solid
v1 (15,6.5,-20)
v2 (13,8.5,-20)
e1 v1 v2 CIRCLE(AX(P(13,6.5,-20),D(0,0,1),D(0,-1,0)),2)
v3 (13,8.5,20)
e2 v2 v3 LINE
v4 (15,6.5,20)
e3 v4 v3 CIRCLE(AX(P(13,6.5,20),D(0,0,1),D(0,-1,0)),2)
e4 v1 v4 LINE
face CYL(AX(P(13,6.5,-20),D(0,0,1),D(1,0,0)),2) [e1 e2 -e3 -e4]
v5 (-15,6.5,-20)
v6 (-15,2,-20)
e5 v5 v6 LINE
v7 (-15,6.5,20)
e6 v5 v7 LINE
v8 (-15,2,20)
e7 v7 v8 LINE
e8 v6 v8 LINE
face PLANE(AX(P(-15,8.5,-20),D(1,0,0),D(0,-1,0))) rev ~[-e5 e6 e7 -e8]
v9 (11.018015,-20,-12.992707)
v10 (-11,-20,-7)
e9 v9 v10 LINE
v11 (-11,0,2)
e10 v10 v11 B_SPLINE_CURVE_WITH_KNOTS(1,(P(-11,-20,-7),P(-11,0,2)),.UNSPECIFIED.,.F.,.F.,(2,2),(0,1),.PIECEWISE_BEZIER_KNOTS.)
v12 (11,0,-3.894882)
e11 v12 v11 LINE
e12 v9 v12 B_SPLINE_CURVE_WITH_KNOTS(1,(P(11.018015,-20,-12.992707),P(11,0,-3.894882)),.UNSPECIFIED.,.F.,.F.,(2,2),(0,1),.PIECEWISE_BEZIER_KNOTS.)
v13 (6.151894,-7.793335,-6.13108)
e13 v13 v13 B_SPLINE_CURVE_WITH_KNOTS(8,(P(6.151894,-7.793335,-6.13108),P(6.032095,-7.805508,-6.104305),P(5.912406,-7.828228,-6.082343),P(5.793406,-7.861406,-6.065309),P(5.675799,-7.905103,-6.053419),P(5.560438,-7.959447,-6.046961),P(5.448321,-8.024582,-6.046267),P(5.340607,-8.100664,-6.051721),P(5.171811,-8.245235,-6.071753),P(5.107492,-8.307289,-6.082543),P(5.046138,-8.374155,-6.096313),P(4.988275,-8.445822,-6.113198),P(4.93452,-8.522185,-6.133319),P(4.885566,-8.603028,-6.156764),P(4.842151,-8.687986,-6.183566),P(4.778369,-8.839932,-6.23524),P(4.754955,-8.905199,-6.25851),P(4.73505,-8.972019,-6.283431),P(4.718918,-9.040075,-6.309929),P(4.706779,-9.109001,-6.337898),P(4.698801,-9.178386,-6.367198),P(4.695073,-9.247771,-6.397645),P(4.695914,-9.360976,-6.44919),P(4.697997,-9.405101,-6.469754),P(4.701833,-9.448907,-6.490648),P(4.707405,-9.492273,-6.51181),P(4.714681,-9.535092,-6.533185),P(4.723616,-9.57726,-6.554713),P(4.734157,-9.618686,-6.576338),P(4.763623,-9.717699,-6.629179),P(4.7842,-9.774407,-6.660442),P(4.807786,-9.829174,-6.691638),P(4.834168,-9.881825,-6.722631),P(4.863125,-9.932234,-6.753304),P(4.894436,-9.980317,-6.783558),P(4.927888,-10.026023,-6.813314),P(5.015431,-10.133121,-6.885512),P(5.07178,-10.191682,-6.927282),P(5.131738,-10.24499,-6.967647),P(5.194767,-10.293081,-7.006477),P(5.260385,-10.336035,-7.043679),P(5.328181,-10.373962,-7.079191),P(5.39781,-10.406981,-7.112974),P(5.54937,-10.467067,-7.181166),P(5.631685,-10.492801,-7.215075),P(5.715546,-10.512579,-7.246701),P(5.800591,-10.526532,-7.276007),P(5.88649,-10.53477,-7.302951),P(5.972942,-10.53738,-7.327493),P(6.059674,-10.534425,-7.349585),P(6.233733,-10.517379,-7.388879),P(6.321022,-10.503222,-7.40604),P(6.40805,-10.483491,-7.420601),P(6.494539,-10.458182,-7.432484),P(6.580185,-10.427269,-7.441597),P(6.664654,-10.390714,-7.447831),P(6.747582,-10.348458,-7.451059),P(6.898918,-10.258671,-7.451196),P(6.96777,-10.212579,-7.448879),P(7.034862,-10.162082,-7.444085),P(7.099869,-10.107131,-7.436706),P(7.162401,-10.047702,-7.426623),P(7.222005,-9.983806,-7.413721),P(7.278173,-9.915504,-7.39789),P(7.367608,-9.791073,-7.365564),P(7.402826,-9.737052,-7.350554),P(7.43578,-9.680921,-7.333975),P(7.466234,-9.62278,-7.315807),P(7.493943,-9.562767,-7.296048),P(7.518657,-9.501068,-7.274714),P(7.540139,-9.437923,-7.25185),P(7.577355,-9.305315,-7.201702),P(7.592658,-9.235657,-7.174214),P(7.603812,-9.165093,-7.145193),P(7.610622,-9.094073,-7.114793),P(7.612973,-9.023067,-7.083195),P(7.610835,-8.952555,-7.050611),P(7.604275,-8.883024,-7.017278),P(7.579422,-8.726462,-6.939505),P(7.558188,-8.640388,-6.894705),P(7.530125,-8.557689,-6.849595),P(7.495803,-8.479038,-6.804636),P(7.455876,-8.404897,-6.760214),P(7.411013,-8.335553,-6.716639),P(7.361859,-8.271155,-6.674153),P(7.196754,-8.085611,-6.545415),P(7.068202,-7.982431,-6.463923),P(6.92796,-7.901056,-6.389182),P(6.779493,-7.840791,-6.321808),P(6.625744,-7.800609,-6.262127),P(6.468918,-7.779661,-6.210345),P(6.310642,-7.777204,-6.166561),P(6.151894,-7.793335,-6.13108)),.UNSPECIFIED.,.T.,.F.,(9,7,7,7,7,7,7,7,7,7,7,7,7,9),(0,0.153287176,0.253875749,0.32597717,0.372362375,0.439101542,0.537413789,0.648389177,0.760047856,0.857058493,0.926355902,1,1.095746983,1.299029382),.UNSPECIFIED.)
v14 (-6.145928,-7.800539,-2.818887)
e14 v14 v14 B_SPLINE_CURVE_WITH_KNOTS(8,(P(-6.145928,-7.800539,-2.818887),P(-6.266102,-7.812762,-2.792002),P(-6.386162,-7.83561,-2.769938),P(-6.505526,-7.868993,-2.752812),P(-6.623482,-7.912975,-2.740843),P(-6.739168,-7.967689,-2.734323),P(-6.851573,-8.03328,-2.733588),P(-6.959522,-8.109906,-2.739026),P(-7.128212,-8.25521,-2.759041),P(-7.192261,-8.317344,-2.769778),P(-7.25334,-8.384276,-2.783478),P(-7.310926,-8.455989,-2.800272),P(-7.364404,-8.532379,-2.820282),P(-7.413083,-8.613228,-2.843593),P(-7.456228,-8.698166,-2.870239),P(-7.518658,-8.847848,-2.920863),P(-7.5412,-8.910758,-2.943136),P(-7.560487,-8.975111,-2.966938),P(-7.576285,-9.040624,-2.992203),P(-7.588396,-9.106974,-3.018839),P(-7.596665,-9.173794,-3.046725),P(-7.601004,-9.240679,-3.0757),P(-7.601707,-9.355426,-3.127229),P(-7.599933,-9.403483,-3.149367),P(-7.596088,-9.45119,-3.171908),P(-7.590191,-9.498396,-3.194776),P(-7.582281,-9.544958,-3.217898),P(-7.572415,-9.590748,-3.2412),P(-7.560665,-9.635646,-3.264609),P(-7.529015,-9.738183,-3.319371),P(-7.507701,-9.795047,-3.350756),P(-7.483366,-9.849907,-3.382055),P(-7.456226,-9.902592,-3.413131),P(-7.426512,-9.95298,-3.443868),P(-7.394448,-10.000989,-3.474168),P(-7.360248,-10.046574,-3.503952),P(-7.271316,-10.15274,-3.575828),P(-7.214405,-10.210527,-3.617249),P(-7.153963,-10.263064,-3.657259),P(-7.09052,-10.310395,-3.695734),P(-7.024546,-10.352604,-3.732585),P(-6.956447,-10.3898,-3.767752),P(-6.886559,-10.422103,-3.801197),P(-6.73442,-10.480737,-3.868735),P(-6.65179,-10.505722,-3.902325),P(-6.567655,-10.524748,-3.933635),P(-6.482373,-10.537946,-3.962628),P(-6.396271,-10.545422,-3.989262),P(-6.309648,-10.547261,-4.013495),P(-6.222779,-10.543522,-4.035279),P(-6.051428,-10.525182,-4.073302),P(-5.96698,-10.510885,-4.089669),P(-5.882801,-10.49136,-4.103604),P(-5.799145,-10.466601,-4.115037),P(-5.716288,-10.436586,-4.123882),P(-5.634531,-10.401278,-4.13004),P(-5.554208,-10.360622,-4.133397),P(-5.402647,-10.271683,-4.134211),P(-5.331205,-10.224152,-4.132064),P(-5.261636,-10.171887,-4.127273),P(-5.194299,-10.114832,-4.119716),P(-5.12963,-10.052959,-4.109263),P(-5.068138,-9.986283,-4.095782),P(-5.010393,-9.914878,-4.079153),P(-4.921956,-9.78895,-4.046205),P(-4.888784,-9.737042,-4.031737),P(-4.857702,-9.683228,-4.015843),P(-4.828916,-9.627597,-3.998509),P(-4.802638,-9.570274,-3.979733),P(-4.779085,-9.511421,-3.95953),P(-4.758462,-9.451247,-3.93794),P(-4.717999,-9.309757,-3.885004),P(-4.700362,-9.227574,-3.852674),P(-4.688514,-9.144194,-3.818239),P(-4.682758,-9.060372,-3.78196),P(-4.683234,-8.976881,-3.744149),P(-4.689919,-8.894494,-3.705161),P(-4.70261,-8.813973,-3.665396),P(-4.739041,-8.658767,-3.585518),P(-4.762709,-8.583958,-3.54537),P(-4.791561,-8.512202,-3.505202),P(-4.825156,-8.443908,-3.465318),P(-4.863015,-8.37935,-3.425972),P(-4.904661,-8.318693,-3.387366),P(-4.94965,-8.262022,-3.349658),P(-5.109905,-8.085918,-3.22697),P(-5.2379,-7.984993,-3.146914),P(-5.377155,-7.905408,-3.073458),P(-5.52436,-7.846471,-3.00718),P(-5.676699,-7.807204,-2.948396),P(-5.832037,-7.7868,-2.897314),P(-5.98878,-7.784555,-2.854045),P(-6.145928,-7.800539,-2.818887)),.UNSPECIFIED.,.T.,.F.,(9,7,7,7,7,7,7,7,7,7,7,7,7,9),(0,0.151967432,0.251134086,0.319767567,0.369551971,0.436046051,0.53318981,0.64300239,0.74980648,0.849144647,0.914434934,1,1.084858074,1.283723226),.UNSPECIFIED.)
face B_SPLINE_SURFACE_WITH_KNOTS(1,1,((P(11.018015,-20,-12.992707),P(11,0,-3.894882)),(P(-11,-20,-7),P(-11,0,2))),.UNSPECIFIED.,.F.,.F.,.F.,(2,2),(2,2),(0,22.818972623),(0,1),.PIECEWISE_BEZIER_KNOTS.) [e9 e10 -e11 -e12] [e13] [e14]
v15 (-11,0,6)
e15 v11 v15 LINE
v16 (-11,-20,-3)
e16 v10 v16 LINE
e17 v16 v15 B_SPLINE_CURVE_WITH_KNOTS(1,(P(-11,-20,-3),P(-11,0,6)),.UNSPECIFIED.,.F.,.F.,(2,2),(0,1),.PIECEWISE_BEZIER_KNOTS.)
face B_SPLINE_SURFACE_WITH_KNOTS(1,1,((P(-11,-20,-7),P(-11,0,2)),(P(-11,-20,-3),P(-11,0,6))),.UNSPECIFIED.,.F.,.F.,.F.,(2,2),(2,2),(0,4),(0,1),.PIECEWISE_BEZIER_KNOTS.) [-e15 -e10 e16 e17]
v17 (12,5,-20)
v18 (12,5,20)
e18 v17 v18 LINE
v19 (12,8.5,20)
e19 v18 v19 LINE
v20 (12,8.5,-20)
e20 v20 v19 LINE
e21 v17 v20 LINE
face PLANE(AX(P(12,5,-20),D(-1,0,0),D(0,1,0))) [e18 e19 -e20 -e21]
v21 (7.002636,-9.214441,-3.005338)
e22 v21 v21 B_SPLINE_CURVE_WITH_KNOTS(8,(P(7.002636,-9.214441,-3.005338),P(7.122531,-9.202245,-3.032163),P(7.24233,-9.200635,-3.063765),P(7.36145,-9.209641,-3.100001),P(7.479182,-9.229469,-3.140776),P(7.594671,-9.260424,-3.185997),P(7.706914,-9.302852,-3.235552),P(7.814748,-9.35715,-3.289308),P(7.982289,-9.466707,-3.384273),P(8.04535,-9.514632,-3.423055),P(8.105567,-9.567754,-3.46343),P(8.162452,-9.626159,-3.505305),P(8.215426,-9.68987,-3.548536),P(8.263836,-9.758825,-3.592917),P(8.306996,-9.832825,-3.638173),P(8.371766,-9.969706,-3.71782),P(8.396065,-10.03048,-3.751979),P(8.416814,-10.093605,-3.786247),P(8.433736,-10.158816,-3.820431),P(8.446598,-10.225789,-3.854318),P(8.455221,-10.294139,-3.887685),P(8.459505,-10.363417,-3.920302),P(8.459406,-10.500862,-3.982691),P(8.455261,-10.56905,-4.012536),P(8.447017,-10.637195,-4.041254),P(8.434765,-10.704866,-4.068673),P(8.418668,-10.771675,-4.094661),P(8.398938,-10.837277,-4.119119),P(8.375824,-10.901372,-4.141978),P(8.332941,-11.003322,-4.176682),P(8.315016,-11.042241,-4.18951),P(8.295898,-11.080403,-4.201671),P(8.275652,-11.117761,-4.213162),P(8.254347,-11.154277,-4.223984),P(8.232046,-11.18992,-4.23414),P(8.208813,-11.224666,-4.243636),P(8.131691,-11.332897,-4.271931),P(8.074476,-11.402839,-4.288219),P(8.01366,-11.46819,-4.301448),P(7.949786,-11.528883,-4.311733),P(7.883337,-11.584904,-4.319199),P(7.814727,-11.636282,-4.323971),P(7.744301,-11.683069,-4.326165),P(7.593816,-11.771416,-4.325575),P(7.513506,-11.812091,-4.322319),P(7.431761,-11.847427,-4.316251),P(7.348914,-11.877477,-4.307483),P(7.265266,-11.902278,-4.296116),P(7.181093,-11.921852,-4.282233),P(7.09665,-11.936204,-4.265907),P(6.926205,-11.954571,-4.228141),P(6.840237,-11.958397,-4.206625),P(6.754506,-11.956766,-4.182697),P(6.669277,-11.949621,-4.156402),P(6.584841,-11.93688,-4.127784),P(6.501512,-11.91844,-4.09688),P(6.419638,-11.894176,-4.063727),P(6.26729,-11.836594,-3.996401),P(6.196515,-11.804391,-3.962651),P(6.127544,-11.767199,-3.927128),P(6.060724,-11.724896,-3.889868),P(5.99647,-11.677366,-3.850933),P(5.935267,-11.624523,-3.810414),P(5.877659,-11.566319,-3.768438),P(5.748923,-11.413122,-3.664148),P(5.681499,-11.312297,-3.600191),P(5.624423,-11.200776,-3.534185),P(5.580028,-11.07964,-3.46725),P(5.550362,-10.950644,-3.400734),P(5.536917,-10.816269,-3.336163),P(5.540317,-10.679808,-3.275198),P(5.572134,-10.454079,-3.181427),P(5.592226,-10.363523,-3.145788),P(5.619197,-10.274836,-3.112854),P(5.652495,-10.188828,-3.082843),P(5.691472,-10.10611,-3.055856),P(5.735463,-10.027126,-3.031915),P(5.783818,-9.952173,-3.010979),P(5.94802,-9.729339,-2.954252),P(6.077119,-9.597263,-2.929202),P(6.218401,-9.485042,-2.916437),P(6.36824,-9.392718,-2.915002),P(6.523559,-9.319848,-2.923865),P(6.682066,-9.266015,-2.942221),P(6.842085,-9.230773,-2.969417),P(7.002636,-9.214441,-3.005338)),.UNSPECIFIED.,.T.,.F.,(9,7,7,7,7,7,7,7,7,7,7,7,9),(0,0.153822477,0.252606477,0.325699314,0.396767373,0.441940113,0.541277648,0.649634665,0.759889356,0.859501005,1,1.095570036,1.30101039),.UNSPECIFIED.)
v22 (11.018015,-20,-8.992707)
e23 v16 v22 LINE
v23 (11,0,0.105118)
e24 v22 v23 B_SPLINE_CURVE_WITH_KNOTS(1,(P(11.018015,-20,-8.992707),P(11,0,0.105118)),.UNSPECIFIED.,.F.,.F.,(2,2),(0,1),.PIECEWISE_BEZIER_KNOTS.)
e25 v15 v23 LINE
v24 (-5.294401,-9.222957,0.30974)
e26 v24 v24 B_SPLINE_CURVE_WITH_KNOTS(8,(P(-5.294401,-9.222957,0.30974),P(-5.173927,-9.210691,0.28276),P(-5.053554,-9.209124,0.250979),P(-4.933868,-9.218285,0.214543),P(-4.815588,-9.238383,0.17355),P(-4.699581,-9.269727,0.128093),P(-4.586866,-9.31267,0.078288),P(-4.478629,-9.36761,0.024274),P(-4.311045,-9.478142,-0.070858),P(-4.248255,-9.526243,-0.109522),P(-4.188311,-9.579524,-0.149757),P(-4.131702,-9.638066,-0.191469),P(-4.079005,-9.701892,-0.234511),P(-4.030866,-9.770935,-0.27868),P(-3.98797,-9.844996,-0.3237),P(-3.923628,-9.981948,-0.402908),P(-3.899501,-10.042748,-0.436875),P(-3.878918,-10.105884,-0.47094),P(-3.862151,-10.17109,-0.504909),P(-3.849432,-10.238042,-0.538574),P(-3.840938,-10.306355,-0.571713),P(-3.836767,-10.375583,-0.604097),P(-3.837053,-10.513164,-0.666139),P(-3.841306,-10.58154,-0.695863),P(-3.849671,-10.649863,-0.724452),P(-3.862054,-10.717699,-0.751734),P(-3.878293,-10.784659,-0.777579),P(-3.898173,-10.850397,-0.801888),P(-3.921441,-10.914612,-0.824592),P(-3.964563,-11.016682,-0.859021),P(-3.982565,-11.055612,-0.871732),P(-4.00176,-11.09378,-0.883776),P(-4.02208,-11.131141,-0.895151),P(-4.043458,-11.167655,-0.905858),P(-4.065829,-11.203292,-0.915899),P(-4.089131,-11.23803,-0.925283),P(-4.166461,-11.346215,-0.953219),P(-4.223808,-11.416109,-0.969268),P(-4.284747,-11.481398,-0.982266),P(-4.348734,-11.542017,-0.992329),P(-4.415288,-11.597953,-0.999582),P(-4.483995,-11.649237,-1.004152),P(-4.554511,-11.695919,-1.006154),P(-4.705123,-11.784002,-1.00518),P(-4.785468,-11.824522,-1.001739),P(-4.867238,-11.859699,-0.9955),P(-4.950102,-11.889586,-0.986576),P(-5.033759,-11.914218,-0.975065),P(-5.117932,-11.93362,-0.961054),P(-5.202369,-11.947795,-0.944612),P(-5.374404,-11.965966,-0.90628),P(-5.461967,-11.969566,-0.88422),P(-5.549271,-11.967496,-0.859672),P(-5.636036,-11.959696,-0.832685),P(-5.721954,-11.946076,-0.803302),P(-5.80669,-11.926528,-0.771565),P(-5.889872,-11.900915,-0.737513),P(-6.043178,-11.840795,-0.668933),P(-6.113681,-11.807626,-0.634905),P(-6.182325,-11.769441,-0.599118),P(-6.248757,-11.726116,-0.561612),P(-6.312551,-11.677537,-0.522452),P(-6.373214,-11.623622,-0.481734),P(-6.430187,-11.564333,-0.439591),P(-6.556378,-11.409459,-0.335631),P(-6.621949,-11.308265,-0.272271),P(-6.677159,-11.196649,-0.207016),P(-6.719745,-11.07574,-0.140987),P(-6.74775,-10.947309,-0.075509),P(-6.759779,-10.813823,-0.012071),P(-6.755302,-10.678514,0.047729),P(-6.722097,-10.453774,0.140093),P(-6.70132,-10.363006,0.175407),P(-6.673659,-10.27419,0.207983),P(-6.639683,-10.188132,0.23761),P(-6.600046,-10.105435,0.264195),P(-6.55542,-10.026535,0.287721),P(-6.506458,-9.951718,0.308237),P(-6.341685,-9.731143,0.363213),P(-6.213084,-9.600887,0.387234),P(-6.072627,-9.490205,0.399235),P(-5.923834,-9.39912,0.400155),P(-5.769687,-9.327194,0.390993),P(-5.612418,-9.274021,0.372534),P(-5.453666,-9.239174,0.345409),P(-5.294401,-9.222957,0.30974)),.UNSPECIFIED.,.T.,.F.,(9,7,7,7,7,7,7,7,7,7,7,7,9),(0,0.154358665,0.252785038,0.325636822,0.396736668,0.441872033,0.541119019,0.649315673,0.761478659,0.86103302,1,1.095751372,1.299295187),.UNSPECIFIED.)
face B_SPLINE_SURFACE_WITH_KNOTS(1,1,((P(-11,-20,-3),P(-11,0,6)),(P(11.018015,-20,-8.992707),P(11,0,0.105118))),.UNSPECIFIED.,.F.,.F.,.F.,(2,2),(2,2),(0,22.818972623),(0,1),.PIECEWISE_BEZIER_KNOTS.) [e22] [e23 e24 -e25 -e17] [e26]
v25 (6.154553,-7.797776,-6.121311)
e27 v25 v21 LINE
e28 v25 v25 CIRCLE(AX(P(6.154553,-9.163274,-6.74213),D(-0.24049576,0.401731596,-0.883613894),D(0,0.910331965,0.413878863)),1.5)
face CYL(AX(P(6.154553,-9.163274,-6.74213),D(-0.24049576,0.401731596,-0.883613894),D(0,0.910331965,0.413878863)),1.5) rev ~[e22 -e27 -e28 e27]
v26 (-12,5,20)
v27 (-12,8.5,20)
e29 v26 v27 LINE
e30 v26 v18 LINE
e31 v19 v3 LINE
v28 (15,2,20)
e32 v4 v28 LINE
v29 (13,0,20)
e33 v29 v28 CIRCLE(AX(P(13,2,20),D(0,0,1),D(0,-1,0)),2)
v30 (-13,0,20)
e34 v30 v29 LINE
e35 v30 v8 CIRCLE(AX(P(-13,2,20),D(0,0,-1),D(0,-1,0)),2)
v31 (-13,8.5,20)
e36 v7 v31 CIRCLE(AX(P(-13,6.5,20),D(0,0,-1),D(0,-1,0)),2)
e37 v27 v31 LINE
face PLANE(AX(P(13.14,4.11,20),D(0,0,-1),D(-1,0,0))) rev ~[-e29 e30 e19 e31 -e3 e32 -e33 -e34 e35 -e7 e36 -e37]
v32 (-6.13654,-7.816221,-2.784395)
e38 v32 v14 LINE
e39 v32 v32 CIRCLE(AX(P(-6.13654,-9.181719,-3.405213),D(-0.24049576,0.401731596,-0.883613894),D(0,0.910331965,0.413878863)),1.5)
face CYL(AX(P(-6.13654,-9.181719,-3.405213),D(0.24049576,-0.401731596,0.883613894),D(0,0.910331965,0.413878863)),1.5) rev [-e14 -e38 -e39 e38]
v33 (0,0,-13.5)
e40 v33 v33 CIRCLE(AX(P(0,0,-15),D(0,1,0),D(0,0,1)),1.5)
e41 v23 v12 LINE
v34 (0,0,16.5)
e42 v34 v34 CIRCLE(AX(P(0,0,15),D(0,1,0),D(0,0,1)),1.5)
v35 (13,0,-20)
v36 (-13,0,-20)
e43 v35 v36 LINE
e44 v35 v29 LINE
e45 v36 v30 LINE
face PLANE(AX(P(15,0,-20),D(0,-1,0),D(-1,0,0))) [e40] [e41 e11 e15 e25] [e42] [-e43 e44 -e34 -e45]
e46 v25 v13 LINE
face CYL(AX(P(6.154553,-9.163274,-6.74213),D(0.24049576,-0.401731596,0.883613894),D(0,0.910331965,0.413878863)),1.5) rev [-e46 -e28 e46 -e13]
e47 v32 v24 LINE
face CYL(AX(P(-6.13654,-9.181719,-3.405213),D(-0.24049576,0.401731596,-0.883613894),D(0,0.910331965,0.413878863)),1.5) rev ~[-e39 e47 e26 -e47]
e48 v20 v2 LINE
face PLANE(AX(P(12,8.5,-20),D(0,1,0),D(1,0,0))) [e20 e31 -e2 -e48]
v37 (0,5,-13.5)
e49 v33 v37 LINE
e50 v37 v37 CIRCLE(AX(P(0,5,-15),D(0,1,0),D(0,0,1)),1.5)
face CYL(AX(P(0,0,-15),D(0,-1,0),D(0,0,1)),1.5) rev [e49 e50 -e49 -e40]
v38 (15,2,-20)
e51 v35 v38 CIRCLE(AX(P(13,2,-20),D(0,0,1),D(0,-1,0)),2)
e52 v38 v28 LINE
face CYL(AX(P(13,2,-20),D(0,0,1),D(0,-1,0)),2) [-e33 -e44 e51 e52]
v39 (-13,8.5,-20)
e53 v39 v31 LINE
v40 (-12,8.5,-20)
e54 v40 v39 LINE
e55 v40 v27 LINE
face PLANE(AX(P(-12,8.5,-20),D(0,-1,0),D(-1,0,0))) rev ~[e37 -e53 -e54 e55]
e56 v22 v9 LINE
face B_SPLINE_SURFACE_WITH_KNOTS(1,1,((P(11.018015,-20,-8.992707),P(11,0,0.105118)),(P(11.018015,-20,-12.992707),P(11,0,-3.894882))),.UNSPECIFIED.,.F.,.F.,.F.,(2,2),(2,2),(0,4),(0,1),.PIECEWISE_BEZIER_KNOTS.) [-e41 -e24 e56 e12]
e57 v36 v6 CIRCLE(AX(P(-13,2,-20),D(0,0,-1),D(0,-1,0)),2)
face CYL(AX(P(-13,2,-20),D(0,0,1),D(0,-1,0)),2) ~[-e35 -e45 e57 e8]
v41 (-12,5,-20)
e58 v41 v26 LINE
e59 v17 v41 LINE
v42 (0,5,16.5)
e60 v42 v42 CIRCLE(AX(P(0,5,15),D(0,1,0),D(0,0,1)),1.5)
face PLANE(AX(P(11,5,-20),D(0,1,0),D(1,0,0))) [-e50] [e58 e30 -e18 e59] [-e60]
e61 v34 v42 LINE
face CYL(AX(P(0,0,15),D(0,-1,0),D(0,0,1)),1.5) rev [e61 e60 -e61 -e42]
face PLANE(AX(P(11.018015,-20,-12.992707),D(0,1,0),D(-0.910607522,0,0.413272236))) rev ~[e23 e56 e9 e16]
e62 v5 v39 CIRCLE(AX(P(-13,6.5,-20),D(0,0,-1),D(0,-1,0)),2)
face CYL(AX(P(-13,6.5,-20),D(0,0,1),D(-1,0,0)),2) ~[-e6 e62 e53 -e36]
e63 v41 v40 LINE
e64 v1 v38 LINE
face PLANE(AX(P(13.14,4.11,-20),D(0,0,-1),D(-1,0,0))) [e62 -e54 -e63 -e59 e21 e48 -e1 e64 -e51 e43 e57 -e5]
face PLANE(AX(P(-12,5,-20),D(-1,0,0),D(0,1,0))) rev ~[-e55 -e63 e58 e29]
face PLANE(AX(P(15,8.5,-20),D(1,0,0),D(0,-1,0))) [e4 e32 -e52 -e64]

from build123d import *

# Parameters (mm, degrees)
SKETCH1_W                      = 22
SKETCH1_H                      = 40
SKETCH1_R                      = 1.5
BOSS_EXTRUDE1_DEPTH            = 5
BOSS_EXTRUDE3_DEPTH            = 40
FILLET1_R                      = 2
CUT_EXTRUDE1_REACH             = 34.746
SKETCH9_R                      = 1.5
CUT_EXTRUDE1_DIRECTION_2_REACH = 34.746


with BuildPart() as part:
    # Sketch1 → Boss-Extrude1 (new body)
    with BuildSketch(Plane(origin=(0, 0, 0), x_dir=(1, 0, 0), z_dir=(0, 1, 0))):
        Rectangle(SKETCH1_W, SKETCH1_H)
        with Locations(Location((0, 15, 0), (0, 0, 270))):
            Circle(SKETCH1_R, mode=Mode.SUBTRACT)
        with Locations(Location((0, -15, 0), (0, 0, 270))):
            Circle(SKETCH1_R, mode=Mode.SUBTRACT)
    extrude(amount=BOSS_EXTRUDE1_DEPTH)

    # Sketch4 → Boss-Extrude3 (add)
    with BuildSketch(Plane(origin=(0, 0, -20), x_dir=(-1, 0, 0), z_dir=(0, 0, -1))):
        Polygon((-11, 5), (-12, 5), (-12, 8.5), (-15, 8.5), (-15, 0), (-11, 0), align=None)
        Polygon((11, 0), (11, 5), (12, 5), (12, 8.5), (15, 8.5), (15, 0), align=None)
    extrude(amount=-BOSS_EXTRUDE3_DEPTH)

    # Fillet1
    fillet1_edges = [part.edges().sort_by_distance(p)[0] for p in [
        (15, 0, 0),
        (15, 8.5, 0),
        (-15, 0, 0),
        (-15, 8.5, 0),
    ]]
    fillet(fillet1_edges, radius=FILLET1_R)

    # Sketch6 → Loft1 section 0
    with BuildSketch(Plane(origin=(0, -20, 0), x_dir=(1, 0, 0), z_dir=(0, 1, 0))):
        with BuildLine():
            Line((11.018014761, 12.99270703), (-11, 7))
            Line((-11, 7), (-11, 3))
            Line((-11, 3), (11.018014761, 8.99270703))
            Line((11.018014761, 8.99270703), (11.018014761, 12.99270703))
        make_face()
    # Sketch2 → Loft1 section 1
    with BuildSketch(Plane.XZ):
        with BuildLine():
            Line((-11, 6), (11, 0.105117767))
            Line((11, 0.105117767), (11, -3.894882233))
            Line((11, -3.894882233), (-11, 2))
            Line((-11, 2), (-11, 6))
        make_face()
    loft()

    # Sketch9 → Cut-Extrude1 (cut, up to next)
    with BuildSketch(Plane(origin=(-0.191463171, 0.319826035, -0.703461542), x_dir=(-0.9706501889890885, -0.09953611163264846, 0.21893097792797594), z_dir=(-0.24049576007790016, 0.4017315961669107, -0.8836138942013866)), mode=Mode.PRIVATE) as cut_extrude1_sk1:
        with Locations(Location((-6.537902116, -11.132046288, 0), (0, 0, 90))):
            Circle(SKETCH9_R)
    cut_extrude1_tool1 = extrude(cut_extrude1_sk1.sketch, amount=-CUT_EXTRUDE1_REACH, mode=Mode.PRIVATE) & part.part
    # Sketch9 → Cut-Extrude1 (cut, up to next)
    with BuildSketch(Plane(origin=(-0.191463171, 0.319826035, -0.703461542), x_dir=(-0.9706501889890885, -0.09953611163264846, 0.21893097792797594), z_dir=(-0.24049576007790016, 0.4017315961669107, -0.8836138942013866)), mode=Mode.PRIVATE) as cut_extrude1_sk2:
        with Locations(Location((6.124840152, -9.767757873, 0), (0, 0, 90))):
            Circle(SKETCH9_R)
    cut_extrude1_tool2 = extrude(cut_extrude1_sk2.sketch, amount=-CUT_EXTRUDE1_REACH, mode=Mode.PRIVATE) & part.part
    add(cut_extrude1_tool1.solids().sort_by_distance((6.154553, -9.163274, -6.74213))[0], mode=Mode.SUBTRACT)
    add(cut_extrude1_tool2.solids().sort_by_distance((-6.13654, -9.181719, -3.405213))[0], mode=Mode.SUBTRACT)

    # Sketch9 → Cut-Extrude1 direction 2 (cut, up to next)
    with BuildSketch(Plane(origin=(-0.191463171, 0.319826035, -0.703461542), x_dir=(-0.9706501889890885, -0.09953611163264846, 0.21893097792797594), z_dir=(-0.24049576007790016, 0.4017315961669107, -0.8836138942013866)), mode=Mode.PRIVATE) as cut_extrude1_direction_2_sk1:
        with Locations(Location((-6.537902116, -11.132046288, 0), (0, 0, 90))):
            Circle(SKETCH9_R)
    cut_extrude1_direction_2_tool1 = extrude(cut_extrude1_direction_2_sk1.sketch, amount=CUT_EXTRUDE1_DIRECTION_2_REACH, mode=Mode.PRIVATE) & part.part
    # Sketch9 → Cut-Extrude1 direction 2 (cut, up to next)
    with BuildSketch(Plane(origin=(-0.191463171, 0.319826035, -0.703461542), x_dir=(-0.9706501889890885, -0.09953611163264846, 0.21893097792797594), z_dir=(-0.24049576007790016, 0.4017315961669107, -0.8836138942013866)), mode=Mode.PRIVATE) as cut_extrude1_direction_2_sk2:
        with Locations(Location((6.124840152, -9.767757873, 0), (0, 0, 90))):
            Circle(SKETCH9_R)
    cut_extrude1_direction_2_tool2 = extrude(cut_extrude1_direction_2_sk2.sketch, amount=CUT_EXTRUDE1_DIRECTION_2_REACH, mode=Mode.PRIVATE) & part.part
    add(cut_extrude1_direction_2_tool1.solids().sort_by_distance((6.154553, -9.163274, -6.74213))[0], mode=Mode.SUBTRACT)
    add(cut_extrude1_direction_2_tool2.solids().sort_by_distance((-6.13654, -9.181719, -3.405213))[0], mode=Mode.SUBTRACT)


solid = part.part
